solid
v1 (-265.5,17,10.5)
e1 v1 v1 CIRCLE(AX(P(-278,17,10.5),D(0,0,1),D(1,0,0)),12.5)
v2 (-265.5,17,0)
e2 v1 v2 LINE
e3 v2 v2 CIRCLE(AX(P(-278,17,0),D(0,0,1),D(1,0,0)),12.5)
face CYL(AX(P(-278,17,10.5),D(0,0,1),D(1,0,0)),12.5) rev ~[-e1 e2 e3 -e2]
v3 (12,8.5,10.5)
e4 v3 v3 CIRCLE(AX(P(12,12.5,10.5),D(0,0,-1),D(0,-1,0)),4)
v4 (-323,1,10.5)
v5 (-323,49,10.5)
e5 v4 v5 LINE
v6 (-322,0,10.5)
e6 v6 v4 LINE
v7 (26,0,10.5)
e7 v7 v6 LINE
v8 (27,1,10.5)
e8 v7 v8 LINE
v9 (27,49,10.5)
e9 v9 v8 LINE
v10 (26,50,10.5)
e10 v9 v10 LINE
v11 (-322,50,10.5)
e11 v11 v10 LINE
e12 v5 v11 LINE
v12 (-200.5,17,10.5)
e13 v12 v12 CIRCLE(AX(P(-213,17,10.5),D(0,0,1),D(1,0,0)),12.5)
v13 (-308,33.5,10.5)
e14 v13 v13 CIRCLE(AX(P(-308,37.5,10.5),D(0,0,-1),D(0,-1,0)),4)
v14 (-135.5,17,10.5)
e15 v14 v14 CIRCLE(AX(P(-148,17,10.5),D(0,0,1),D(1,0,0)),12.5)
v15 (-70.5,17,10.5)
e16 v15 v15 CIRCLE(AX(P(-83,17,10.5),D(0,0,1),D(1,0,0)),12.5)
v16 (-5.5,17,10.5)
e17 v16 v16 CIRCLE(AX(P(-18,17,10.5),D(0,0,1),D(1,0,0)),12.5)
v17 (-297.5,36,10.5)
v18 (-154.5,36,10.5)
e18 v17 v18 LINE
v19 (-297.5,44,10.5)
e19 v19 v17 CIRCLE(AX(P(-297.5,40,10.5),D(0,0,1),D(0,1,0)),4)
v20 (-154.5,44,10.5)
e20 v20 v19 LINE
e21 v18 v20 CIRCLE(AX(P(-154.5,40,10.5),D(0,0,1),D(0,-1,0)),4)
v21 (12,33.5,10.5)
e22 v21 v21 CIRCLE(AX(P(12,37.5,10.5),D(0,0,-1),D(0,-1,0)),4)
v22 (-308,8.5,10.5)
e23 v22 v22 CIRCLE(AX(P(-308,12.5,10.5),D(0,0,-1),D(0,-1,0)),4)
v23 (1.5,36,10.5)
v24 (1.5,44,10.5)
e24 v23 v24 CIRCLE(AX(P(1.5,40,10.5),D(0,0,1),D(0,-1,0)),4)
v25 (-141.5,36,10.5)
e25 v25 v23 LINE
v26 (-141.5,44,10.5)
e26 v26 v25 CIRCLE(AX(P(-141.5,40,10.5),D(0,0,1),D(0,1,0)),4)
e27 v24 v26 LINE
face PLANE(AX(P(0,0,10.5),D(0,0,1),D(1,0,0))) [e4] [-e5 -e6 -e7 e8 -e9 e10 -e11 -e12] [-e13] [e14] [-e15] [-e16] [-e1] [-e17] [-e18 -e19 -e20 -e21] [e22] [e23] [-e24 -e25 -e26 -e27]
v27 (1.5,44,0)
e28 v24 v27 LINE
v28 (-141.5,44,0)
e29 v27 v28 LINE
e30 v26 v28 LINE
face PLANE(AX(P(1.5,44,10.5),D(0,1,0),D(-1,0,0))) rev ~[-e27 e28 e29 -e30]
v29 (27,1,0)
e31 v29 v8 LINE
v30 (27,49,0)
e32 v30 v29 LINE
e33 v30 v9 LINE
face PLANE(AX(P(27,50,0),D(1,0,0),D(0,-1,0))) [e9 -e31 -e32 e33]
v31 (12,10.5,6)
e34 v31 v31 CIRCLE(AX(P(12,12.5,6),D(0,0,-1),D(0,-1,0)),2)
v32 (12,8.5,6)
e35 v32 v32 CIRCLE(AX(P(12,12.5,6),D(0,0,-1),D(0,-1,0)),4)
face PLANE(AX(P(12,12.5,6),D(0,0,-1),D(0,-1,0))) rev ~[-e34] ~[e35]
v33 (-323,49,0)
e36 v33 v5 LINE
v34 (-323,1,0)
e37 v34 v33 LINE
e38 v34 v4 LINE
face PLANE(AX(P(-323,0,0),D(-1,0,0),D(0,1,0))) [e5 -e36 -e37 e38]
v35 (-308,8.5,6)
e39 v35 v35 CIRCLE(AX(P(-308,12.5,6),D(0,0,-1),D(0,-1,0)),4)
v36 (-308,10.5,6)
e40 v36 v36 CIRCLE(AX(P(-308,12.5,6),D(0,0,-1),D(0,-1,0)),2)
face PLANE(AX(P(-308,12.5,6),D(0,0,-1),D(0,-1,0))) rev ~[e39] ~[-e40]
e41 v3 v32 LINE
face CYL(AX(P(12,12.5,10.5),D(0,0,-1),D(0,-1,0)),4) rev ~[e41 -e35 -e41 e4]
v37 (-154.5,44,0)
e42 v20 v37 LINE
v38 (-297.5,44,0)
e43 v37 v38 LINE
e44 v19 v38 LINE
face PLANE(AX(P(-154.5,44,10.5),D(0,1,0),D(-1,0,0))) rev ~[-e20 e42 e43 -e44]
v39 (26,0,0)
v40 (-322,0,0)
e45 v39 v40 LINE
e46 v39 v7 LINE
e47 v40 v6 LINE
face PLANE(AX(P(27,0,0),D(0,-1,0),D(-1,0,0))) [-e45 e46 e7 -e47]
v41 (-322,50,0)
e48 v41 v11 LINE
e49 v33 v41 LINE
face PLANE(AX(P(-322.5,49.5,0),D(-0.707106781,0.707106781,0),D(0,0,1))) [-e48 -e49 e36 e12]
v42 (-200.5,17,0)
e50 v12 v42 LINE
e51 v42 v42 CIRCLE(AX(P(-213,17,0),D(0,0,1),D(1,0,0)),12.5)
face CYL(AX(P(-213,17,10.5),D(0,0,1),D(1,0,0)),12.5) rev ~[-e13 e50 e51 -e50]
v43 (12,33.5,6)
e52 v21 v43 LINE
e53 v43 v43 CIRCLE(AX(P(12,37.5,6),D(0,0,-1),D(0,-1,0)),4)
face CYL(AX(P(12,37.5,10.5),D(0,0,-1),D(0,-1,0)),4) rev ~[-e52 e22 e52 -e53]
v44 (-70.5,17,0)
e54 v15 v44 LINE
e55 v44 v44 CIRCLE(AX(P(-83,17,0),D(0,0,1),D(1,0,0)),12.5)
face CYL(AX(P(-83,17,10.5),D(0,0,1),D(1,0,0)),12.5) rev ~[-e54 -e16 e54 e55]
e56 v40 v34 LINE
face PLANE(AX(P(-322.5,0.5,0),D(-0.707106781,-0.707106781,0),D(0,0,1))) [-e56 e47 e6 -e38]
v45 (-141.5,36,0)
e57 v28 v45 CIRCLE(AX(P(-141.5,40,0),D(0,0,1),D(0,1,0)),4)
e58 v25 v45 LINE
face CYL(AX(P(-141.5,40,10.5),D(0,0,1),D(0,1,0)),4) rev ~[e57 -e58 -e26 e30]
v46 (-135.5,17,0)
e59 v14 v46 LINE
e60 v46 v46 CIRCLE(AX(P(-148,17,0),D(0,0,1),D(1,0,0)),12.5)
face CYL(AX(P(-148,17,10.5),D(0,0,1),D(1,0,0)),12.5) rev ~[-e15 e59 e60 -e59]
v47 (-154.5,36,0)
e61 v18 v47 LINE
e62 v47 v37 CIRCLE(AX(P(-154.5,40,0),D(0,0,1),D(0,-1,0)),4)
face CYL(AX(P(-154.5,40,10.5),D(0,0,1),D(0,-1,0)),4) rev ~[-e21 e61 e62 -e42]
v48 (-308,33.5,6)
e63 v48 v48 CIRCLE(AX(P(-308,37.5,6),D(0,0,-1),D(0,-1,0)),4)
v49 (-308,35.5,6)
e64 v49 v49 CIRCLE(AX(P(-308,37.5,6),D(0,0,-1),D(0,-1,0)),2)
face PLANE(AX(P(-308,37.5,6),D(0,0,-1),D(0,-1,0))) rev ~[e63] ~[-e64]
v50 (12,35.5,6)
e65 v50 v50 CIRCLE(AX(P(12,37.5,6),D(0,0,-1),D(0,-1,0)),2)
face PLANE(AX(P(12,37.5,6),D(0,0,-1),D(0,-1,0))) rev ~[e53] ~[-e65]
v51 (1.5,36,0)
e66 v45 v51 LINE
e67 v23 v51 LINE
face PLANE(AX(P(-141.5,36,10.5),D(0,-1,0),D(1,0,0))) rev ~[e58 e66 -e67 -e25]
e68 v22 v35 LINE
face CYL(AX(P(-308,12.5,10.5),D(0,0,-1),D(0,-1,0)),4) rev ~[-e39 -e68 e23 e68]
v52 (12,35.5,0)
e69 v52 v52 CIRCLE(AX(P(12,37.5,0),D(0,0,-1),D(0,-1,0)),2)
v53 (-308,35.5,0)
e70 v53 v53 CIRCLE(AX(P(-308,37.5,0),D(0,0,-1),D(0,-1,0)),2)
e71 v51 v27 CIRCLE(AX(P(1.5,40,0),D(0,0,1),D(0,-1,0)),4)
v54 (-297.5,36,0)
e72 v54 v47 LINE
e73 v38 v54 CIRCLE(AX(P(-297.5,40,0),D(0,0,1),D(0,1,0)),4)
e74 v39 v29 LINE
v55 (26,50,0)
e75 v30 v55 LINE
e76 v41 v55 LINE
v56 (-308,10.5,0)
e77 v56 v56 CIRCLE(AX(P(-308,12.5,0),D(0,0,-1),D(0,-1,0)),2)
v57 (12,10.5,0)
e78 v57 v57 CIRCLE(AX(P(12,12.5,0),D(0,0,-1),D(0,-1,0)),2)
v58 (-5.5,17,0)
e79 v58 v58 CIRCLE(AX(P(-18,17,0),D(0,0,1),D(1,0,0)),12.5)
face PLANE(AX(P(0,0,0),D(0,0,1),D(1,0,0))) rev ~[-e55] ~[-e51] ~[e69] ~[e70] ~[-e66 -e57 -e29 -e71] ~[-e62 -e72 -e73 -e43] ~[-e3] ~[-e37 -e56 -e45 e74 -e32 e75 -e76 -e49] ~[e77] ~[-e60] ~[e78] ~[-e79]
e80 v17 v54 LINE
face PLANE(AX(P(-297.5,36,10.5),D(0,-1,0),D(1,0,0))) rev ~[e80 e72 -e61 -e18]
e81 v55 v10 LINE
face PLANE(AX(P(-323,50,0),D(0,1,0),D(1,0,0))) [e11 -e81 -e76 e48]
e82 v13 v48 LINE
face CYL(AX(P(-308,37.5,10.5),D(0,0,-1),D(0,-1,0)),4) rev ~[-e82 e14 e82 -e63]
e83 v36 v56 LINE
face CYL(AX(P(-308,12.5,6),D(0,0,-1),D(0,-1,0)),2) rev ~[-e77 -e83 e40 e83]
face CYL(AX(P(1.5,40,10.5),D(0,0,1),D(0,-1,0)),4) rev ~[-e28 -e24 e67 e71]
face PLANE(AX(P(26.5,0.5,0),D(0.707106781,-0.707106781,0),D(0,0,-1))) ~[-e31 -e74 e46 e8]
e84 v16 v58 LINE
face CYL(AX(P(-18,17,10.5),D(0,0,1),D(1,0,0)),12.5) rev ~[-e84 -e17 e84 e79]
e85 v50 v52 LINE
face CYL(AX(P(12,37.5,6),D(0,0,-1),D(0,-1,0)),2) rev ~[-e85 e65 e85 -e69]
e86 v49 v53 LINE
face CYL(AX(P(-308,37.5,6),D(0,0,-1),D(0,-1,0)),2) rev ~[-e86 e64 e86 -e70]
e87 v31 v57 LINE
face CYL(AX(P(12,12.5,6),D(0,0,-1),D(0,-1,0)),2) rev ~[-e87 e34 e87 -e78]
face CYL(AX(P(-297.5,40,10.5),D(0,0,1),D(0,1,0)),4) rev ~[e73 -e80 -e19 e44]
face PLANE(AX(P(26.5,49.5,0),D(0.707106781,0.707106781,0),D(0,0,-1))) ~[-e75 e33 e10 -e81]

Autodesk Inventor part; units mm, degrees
ref_plane "YZ Plane" through (0, 0, 0) normal (1, 0, 0) x (0, 1, 0)
ref_plane "XZ Plane" through (0, 0, 0) normal (0, 1, 0) x (-1, 0, 0)
ref_plane "XY Plane" through (0, 0, 0) normal (0, 0, 1) x (1, 0, 0)
sketch "Esboço1" plane through (0, 0, 0) normal (0, 0, 1) x (1, 0, 0)
  line L0 (-293, 0) -> (-323, 0) construction
  line L1 (-323, 0) -> (-323, 50) construction
  line L2 (27, 0) -> (27, 50) construction
  line L3 (27, 0) -> (0, 0) construction
  line L4 (-3, 50) -> (27, 50) construction
  line L5 (-323, 50) -> (-293, 50) construction
  line L6 (27, 0) -> (-323, 0)
  line L7 (-323, 0) -> (-323, 50)
  line L8 (-323, 50) -> (27, 50)
  line L9 (27, 50) -> (27, 0)
extrude "bloco principal" add sketch "Esboço1" along normal blind 10.5
sketch "Esboço4" plane through (0, 0, 10.5) normal (0, 0, 1) x (1, 0, 0)
  line L0 (27, 0) -> (27, 50) projected
  line L1 (27, 40) -> (-323, 40) construction
  line L2 (-323, 50) -> (-323, 0) projected
  line L3 (5.5, 40) -> (-145.5, 40) construction
  line L4 (1.5, 44) -> (-141.5, 44)
  line L5 (-141.5, 36) -> (1.5, 36)
  arc A0 (1.5, 36) -> (1.5, 44) centre (1.5, 40) ccw
  arc A1 (-141.5, 44) -> (-141.5, 36) centre (-141.5, 40) ccw
  line L6 (-150.5, 40) -> (-301.5, 40) construction
  line L7 (-154.5, 44) -> (-297.5, 44)
  line L8 (-297.5, 36) -> (-154.5, 36)
  arc A2 (-154.5, 36) -> (-154.5, 44) centre (-154.5, 40) ccw
  arc A3 (-297.5, 44) -> (-297.5, 36) centre (-297.5, 40) ccw
  line L9 (-323, 0) -> (27, 0) projected
  line L10 (27, 50) -> (-323, 50) projected
  point P0 (0, 0)
  point P1 (-70, 40)
  point P2 (-226, 40)
  dimension "d39" = 97
  dimension "d40" = 97
  dimension "d41" = 8
  dimension "d42" = 8
  dimension "d43" = 143
  dimension "d44" = 143
  dimension "d46" = 10
extrude "fenda" cut sketch "Esboço4" against normal through all contours A0 L5 A1 L4 | A2 L8 A3 L7
sketch "Esboço5" plane through (0, 0, 10.5) normal (0, 0, 1) x (1, 0, 0)
  line L0 (27, 0) -> (27, 50) projected
  line L1 (27, 17) -> (-323, 17) construction
  line L2 (-323, 50) -> (-323, 0) projected
  circle A0 centre (-148, 17) radius 12.5
  circle A1 centre (-213, 17) radius 12.5
  circle A2 centre (-278, 17) radius 12.5
  circle A3 centre (-83, 17) radius 12.5
  circle A4 centre (-148, 17) radius 12.5 construction
  circle A5 centre (-213, 17) radius 12.5 construction
  circle A6 centre (-18, 17) radius 12.5
  circle A7 centre (-83, 17) radius 12.5 construction
  circle A8 centre (-148, 17) radius 12.5 construction
  line L3 (-323, 0) -> (27, 0) projected
  point P0 (0, 0)
  dimension "d51" = 65
  dimension "d54" = 65
  dimension "d57" = 17
  dimension "d58" = 25
extrude "furos traseiros" cut sketch "Esboço5" against normal through all
sketch "Esboço6" plane through (0, 0, 10.5) normal (0, 0, 1) x (1, 0, 0)
  circle A0 centre (-308, 12.5) radius 1.621 construction
  circle A1 centre (-308, 37.5) radius 1.621 construction
  circle A2 centre (12, 12.5) radius 1.621 construction
  circle A3 centre (12, 37.5) radius 1.621 construction
  point P0 (0, 0)
hole "furos fixação" at (-308, 12.5, 10.5) at (-308, 37.5, 10.5) at (12, 12.5, 10.5) at (12, 37.5, 10.5) direction (0, 0, -1) diameter 4 end through all counterbore diameter 8 counterbore depth 4.5
chamfer "Chanfro1" distance 1 angle 45 4 edges at (27, 0, 5.25) (27, 50, 5.25) (-323, 50, 5.25) (-323, 0, 5.25)
equation "\"d40\" = d39"
equation "\"d41\" = d42"
equation "\"d44\" = d43"
properties part number "SuportePincasBlocoFabricado"
